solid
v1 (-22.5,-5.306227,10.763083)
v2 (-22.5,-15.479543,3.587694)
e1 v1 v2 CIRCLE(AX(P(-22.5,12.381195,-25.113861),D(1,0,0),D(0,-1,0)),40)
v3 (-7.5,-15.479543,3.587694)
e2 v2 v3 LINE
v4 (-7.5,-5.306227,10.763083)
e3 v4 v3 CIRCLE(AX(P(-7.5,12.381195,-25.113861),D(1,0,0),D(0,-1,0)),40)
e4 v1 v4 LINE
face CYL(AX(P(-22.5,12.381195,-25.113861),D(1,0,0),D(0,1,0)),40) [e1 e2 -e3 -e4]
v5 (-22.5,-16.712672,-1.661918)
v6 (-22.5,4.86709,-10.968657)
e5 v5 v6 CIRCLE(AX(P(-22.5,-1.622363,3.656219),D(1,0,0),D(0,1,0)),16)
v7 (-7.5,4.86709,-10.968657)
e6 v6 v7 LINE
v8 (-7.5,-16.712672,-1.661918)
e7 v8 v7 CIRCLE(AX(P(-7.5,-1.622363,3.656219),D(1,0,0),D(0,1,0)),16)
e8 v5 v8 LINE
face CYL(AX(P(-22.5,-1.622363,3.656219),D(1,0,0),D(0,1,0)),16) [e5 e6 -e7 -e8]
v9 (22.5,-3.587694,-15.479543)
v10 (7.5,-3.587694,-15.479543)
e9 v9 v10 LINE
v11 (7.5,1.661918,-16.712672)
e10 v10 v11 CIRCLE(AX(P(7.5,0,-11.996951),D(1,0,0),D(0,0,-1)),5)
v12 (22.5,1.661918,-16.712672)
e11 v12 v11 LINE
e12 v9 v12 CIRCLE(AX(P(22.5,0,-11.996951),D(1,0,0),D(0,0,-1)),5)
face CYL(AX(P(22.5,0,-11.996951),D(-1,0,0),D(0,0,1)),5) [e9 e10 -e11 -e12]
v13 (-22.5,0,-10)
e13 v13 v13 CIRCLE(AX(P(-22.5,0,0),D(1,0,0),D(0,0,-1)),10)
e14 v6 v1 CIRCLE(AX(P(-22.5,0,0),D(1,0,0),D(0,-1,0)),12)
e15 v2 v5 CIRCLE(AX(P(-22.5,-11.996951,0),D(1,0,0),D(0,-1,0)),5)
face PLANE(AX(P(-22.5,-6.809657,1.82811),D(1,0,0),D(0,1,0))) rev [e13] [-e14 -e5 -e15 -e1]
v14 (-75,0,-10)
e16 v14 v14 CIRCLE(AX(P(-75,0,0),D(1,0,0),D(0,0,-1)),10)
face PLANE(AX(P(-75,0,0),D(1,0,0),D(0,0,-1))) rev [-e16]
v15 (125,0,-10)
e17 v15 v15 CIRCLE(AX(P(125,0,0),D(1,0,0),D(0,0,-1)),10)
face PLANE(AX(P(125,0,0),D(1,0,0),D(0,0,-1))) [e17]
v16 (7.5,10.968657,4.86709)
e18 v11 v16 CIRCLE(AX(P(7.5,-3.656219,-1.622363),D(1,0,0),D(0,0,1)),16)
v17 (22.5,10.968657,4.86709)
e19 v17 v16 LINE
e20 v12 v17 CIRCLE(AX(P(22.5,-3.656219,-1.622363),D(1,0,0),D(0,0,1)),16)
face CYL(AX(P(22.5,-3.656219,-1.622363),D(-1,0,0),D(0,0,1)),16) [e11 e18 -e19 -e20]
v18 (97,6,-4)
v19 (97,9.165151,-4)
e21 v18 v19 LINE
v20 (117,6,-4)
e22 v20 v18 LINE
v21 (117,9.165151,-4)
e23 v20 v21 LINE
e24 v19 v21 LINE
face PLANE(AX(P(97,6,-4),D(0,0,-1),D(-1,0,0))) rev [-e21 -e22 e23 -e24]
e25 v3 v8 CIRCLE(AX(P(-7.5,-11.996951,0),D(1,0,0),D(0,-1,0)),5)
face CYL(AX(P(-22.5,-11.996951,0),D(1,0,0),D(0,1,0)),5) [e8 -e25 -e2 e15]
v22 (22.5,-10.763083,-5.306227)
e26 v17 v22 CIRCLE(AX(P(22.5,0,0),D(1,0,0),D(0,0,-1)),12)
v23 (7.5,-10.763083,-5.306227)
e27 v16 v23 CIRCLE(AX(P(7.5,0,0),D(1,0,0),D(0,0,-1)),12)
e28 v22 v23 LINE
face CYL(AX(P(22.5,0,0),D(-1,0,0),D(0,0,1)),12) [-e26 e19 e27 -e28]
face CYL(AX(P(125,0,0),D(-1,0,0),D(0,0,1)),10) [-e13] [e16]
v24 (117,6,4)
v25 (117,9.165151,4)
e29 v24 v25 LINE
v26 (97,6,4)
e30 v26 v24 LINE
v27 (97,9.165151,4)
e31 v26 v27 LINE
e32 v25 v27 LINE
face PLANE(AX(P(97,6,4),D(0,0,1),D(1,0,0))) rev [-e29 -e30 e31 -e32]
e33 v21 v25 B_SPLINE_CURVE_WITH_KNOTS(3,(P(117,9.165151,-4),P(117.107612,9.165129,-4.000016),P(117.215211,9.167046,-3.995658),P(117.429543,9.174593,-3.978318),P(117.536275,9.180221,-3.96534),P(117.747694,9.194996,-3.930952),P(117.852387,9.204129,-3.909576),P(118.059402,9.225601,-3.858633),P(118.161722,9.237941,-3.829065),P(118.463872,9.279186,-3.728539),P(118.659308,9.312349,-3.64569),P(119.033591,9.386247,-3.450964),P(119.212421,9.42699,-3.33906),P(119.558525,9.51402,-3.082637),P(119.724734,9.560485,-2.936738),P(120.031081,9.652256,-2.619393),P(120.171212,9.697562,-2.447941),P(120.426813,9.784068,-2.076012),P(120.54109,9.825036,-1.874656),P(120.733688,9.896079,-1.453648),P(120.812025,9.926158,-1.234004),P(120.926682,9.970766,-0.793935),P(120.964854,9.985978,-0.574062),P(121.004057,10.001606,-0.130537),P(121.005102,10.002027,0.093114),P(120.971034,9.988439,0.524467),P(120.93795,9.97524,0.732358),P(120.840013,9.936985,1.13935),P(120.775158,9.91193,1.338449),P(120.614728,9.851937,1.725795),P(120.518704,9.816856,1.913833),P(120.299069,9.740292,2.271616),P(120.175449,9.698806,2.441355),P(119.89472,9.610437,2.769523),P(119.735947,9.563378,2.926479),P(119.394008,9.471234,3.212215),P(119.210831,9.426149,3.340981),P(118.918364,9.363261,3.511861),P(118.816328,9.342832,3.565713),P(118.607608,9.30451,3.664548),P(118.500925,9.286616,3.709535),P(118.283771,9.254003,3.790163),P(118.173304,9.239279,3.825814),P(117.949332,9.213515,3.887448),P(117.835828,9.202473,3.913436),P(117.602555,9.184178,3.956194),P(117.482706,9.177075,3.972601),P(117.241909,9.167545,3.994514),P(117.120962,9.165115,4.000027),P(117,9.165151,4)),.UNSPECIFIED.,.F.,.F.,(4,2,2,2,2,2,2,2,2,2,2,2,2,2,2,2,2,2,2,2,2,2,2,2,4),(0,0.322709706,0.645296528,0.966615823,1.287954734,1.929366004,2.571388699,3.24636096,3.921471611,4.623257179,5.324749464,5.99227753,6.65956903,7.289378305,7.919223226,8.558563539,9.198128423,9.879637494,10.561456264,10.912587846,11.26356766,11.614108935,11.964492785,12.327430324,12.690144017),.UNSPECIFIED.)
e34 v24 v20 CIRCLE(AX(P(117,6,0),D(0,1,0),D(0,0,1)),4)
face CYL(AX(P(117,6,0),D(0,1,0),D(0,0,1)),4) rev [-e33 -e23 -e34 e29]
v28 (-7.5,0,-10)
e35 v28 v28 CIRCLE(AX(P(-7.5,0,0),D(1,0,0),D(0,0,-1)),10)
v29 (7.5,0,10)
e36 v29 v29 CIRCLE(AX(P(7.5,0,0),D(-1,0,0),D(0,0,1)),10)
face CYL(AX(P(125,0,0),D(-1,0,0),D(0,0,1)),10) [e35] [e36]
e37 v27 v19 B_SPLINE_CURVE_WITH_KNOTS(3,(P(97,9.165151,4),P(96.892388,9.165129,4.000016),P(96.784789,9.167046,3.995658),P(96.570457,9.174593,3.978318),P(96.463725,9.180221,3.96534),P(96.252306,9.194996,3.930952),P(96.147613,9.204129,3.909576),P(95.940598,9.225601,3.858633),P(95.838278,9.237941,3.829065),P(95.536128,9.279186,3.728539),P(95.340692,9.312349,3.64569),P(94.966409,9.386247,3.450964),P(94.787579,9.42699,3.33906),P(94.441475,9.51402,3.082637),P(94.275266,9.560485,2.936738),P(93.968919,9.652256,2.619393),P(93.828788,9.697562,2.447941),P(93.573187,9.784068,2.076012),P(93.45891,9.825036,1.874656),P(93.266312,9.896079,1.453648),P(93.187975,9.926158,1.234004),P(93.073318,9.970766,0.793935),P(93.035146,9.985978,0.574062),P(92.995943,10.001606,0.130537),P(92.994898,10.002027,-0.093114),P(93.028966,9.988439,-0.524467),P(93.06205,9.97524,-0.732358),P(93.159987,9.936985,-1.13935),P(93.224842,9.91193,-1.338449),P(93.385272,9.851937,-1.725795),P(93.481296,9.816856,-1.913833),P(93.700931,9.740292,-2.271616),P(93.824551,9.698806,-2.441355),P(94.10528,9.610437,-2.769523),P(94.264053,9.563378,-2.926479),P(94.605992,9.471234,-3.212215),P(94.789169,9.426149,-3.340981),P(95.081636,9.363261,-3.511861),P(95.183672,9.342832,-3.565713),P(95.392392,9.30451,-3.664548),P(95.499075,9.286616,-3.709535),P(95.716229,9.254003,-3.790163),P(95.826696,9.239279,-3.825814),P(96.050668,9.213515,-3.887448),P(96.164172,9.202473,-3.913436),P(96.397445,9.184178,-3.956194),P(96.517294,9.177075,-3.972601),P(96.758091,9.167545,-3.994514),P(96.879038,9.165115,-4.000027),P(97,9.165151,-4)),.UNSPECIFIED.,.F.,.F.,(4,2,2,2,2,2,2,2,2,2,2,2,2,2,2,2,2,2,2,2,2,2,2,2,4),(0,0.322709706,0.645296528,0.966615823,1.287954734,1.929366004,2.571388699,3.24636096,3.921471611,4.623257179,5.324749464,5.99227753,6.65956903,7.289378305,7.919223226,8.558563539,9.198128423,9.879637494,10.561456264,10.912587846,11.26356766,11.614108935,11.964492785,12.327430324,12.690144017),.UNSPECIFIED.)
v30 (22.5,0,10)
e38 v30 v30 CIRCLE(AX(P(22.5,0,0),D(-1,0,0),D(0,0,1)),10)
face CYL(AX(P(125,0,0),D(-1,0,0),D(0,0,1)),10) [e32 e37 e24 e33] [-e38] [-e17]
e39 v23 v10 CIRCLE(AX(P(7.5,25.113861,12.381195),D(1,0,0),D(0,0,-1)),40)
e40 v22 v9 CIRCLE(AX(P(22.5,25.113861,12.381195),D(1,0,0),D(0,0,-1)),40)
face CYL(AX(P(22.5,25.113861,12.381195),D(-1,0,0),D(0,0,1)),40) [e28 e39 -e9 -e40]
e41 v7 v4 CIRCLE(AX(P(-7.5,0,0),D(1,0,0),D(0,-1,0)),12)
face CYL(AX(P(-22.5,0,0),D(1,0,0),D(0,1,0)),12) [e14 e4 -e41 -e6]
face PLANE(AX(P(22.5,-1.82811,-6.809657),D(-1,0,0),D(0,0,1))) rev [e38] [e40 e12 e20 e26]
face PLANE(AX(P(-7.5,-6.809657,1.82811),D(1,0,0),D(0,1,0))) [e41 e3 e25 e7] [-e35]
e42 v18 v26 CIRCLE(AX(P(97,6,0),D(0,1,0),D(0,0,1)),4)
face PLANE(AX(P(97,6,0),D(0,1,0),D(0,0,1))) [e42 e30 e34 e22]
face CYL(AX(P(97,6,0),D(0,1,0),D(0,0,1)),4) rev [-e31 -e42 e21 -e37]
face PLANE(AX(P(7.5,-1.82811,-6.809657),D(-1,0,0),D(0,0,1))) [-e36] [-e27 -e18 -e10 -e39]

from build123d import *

# Parameters (mm, degrees)
BOSS_EXTRUDE1_DEPTH      = 125
BOSS_EXTRUDE1_DEPTH_BACK = 75
SKETCH1_R                = 10
BOSS_EXTRUDE2_START      = 15
BOSS_EXTRUDE2_DEPTH      = 7.5
BODY_MOVE_COPY1_ANGLE    = 90
CUT_EXTRUDE1_DEPTH       = 4


with BuildPart() as part:
    # Sketch1 → Boss-Extrude1 (new, two sides: drawn at the far end of the back side and taken through both)
    with BuildSketch(Plane(origin=(0, 0, 0), x_dir=(0, 0, -1), z_dir=(1, 0, 0)).offset(-BOSS_EXTRUDE1_DEPTH_BACK)):
        Circle(SKETCH1_R)
    extrude(amount=BOSS_EXTRUDE1_DEPTH + BOSS_EXTRUDE1_DEPTH_BACK)

    # Sketch3 → Cut-Extrude1 (cut)
    with BuildSketch(Plane(origin=(0, 10, 0), x_dir=(1, 0, 0), z_dir=(0, 1, 0))):
        with BuildLine():
            Line((97, 4), (117, 4))
            ThreePointArc((117, 4), (121, 0), (117, -4))
            Line((117, -4), (97, -4))
            ThreePointArc((97, -4), (93, 0), (97, 4))
        make_face()
    extrude(amount=-CUT_EXTRUDE1_DEPTH, mode=Mode.SUBTRACT)


with BuildPart() as body_2:
    # Sketch2 → Boss-Extrude2 (new, symmetric)
    with BuildSketch(Plane(origin=(0, 0, 0), x_dir=(0, 0, -1), z_dir=(1, 0, 0)).offset(BOSS_EXTRUDE2_START)):
        with BuildLine():
            ThreePointArc((-4.867089568, 10.968657125), (-10.868088345, -5.087696504), (5.306226617, -10.763083159))
            ThreePointArc((5.306226617, -10.763083159), (10.673744978, -7.573594418), (15.479542802, -3.587694386))
            ThreePointArc((15.479542802, -3.587694386), (16.864464688, -1.143374761), (16.712672037, 1.661917746))
            ThreePointArc((16.712672037, 1.661917746), (7.958571112, 11.035699457), (-4.867089568, 10.968657125))
        make_face()
    extrude(amount=BOSS_EXTRUDE2_DEPTH, both=True)


with BuildPart() as body_3:
    # Mirror1: mirrored copy
    add(body_2.part.mirror(Plane(origin=(0, 0, 0), x_dir=(0, 0, 1), z_dir=(1, 0, 0))))


with BuildPart() as body_3_1:
    # Body-Move/Copy1: moved
    add(body_3.part.rotate(Axis((0, 0, 0), (-1, 0, 0)), BODY_MOVE_COPY1_ANGLE))


with BuildPart() as part_1:
    add(part.part)

    # Combine1: union body 3, body 2
    add(body_3_1.part)
    add(body_2.part)


solid = part_1.part
